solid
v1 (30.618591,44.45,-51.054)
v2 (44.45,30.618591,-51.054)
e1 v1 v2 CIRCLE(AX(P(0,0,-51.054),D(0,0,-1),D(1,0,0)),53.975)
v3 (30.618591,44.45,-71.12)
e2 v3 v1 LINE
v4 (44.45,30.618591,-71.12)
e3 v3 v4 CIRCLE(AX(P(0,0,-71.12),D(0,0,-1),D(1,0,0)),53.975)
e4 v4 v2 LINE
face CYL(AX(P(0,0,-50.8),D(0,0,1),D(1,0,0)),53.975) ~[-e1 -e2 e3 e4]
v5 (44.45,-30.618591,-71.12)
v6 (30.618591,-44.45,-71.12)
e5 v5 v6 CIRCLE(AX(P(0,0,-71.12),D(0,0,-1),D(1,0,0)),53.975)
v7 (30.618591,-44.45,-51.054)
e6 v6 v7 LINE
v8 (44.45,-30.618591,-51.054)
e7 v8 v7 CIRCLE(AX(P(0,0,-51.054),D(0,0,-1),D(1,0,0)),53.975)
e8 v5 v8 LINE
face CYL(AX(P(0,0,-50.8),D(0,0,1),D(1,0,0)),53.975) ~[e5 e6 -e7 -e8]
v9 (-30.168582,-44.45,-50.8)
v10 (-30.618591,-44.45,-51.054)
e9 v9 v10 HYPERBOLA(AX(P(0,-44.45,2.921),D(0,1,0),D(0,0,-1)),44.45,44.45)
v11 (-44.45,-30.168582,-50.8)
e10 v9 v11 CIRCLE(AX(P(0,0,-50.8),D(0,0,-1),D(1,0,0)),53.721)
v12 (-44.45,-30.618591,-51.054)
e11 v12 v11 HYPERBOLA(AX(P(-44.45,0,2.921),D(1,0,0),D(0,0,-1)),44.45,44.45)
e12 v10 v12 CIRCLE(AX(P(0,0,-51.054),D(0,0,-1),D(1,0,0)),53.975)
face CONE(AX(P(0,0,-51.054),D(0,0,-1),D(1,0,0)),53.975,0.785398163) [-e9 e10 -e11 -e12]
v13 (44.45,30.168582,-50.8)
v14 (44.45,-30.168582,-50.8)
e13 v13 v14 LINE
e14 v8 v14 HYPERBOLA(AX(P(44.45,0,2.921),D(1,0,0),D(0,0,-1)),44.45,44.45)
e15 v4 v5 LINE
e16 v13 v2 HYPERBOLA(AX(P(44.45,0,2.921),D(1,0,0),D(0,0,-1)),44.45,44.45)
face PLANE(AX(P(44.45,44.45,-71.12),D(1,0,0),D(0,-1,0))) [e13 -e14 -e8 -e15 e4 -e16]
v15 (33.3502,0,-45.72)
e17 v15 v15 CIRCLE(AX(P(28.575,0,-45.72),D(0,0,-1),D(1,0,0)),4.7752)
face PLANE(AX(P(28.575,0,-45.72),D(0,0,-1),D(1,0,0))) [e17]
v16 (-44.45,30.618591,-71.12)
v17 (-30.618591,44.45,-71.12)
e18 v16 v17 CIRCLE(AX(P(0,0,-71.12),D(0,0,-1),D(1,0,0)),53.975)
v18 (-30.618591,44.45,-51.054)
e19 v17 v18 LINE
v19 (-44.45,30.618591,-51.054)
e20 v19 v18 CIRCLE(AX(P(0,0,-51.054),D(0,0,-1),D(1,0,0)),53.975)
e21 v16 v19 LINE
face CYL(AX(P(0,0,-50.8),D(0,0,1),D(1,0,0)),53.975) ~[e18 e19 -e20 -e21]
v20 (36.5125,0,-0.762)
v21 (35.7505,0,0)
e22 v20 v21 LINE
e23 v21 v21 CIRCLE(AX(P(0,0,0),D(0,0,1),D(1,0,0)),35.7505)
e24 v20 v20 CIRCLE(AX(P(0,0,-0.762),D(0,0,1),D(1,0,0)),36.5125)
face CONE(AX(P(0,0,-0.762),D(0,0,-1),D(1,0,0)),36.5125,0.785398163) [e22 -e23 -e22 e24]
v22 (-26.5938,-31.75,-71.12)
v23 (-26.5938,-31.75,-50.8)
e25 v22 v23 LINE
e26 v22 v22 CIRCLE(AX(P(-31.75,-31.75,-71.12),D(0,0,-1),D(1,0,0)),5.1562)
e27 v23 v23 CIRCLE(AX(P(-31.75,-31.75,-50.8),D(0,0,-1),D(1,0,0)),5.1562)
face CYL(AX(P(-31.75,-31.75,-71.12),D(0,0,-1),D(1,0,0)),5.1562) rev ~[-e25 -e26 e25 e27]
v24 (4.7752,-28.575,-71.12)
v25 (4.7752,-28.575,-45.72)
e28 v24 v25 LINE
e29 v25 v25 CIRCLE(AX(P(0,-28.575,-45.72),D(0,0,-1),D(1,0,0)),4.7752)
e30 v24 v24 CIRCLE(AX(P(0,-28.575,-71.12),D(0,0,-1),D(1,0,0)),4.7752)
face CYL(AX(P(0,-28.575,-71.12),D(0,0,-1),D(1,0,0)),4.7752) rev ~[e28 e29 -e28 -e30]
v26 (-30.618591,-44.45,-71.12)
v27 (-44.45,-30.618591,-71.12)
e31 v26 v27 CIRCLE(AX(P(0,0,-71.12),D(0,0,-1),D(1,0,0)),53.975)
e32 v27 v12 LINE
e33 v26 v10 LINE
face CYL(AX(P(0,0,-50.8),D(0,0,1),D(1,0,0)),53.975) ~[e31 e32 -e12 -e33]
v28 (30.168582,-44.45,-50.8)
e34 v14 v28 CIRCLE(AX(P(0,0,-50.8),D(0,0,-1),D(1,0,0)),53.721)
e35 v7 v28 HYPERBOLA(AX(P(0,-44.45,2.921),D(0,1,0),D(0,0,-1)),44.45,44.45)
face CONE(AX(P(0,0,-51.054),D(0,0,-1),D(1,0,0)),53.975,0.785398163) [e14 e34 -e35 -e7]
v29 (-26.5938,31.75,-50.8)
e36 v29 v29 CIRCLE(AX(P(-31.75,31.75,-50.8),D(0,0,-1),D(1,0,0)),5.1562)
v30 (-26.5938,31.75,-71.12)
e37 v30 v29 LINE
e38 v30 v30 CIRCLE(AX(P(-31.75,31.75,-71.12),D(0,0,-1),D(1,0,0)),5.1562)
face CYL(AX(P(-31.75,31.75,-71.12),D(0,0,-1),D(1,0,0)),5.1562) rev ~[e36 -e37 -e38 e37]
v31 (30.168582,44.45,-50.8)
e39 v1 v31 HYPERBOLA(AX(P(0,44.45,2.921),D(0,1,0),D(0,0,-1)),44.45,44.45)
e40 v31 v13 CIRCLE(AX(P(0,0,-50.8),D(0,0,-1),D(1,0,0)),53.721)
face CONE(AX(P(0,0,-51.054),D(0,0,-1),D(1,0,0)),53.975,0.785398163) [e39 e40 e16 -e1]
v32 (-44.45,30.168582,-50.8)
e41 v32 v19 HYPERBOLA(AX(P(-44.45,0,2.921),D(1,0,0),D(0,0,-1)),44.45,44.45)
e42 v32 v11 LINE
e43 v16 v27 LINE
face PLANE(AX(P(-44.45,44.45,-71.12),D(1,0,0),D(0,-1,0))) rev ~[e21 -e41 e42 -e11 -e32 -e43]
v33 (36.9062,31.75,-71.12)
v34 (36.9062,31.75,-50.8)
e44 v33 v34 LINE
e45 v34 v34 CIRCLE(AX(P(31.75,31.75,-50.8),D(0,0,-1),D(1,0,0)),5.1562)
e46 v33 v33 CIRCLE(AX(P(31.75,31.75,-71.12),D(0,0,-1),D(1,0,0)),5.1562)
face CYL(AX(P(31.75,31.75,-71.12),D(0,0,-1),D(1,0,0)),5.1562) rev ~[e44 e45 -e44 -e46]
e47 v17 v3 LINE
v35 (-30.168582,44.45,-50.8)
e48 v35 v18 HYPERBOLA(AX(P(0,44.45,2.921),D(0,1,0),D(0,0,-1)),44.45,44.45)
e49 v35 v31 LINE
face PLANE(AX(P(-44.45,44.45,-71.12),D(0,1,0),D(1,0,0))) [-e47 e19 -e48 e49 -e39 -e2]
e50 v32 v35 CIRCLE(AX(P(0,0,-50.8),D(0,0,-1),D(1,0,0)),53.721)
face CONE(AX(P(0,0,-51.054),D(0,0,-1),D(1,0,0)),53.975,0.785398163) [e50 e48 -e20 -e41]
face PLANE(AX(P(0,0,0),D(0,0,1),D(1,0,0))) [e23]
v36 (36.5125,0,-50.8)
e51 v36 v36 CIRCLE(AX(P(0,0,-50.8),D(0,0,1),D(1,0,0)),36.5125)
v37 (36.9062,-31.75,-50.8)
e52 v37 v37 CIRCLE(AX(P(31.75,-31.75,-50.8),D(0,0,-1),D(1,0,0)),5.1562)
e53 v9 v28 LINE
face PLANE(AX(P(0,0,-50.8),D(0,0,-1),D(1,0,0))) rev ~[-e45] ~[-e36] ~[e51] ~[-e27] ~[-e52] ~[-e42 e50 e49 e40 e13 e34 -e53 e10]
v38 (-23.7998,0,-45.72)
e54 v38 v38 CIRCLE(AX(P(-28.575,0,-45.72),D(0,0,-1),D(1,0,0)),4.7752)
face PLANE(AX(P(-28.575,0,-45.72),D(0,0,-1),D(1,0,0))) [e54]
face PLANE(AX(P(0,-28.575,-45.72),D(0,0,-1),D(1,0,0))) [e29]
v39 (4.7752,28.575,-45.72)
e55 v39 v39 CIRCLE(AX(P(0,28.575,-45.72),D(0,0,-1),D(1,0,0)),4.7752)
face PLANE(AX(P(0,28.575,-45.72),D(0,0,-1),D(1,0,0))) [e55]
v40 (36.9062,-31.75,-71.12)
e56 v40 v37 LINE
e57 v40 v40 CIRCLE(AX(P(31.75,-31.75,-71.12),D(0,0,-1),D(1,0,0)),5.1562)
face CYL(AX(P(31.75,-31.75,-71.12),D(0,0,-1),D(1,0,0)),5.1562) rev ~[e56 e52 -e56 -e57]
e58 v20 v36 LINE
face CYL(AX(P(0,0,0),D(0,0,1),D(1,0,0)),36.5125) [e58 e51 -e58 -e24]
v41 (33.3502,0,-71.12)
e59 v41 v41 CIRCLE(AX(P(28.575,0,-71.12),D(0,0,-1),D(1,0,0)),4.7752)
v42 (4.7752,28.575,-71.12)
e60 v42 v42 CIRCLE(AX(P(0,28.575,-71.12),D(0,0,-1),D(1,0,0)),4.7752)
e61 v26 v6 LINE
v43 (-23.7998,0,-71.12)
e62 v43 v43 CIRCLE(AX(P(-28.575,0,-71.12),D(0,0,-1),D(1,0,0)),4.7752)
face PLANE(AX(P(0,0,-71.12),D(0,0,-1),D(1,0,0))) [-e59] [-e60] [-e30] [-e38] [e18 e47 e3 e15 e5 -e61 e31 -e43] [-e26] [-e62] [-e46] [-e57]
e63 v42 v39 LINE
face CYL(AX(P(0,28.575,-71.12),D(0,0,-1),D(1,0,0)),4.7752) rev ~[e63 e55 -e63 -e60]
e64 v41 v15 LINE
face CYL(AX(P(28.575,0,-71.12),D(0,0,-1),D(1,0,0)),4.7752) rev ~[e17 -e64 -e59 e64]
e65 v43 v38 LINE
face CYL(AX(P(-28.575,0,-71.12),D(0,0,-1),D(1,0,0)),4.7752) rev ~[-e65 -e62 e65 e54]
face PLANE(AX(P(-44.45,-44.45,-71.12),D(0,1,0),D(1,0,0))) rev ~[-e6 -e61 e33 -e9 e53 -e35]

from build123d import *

# Parameters (mm, degrees)
F0_R     = 36.5125
F1_DEPTH = 50.8
F2_R     = 53.975
F3_DEPTH = 20.32
F4_SIZE  = 0.762
F5_SIZE  = 0.254
F6_R     = 69.85
F6_W     = 88.9
F6_H     = 88.9
F7_DEPTH = 25.4
F8_R     = 4.7752
F8_R_2   = 5.1562
F9_DEPTH = 25.4


with BuildPart() as f1:
    # F0 (on Top) → F1 (new body)
    with BuildSketch(Plane.XY):
        Circle(F0_R)
    extrude(amount=-F1_DEPTH)

    # F2 (on face) → F3 (join)
    with BuildSketch(Plane(origin=(0, 0, -50.8), x_dir=(1, 0, 0), z_dir=(0, 0, -1))):
        Circle(F2_R)
    extrude(amount=F3_DEPTH)

    # F4
    f4_edges = [f1.edges().sort_by_distance(p)[0] for p in [
        (-36.5125, 0, 0),
    ]]
    chamfer(f4_edges, length=F4_SIZE)

    # F5
    f5_edges = [f1.edges().sort_by_distance(p)[0] for p in [
        (-53.975, 0, -50.8),
    ]]
    chamfer(f5_edges, length=F5_SIZE)

    # F6 (on face) → F7 (cut)
    with BuildSketch(Plane(origin=(0, 0, -71.12), x_dir=(1, 0, 0), z_dir=(0, 0, -1))):
        Circle(F6_R)
        Rectangle(F6_W, F6_H, mode=Mode.SUBTRACT)
    extrude(amount=-F7_DEPTH, mode=Mode.SUBTRACT)

    # F8 (on face) → F9 (cut)
    with BuildSketch(Plane(origin=(0, 0, -71.12), x_dir=(1, 0, 0), z_dir=(0, 0, -1))):
        with Locations((-28.575, 0)):
            Circle(F8_R)
        with Locations((28.575, 0)):
            Circle(F8_R)
        with Locations((0, 28.575)):
            Circle(F8_R)
        with Locations((0, -28.575)):
            Circle(F8_R)
        with Locations((-31.75, 31.75)):
            Circle(F8_R_2)
        with Locations((31.75, 31.75)):
            Circle(F8_R_2)
        with Locations((31.75, -31.75)):
            Circle(F8_R_2)
        with Locations((-31.75, -31.75)):
            Circle(F8_R_2)
    extrude(amount=-F9_DEPTH, mode=Mode.SUBTRACT)


solid = f1.part
